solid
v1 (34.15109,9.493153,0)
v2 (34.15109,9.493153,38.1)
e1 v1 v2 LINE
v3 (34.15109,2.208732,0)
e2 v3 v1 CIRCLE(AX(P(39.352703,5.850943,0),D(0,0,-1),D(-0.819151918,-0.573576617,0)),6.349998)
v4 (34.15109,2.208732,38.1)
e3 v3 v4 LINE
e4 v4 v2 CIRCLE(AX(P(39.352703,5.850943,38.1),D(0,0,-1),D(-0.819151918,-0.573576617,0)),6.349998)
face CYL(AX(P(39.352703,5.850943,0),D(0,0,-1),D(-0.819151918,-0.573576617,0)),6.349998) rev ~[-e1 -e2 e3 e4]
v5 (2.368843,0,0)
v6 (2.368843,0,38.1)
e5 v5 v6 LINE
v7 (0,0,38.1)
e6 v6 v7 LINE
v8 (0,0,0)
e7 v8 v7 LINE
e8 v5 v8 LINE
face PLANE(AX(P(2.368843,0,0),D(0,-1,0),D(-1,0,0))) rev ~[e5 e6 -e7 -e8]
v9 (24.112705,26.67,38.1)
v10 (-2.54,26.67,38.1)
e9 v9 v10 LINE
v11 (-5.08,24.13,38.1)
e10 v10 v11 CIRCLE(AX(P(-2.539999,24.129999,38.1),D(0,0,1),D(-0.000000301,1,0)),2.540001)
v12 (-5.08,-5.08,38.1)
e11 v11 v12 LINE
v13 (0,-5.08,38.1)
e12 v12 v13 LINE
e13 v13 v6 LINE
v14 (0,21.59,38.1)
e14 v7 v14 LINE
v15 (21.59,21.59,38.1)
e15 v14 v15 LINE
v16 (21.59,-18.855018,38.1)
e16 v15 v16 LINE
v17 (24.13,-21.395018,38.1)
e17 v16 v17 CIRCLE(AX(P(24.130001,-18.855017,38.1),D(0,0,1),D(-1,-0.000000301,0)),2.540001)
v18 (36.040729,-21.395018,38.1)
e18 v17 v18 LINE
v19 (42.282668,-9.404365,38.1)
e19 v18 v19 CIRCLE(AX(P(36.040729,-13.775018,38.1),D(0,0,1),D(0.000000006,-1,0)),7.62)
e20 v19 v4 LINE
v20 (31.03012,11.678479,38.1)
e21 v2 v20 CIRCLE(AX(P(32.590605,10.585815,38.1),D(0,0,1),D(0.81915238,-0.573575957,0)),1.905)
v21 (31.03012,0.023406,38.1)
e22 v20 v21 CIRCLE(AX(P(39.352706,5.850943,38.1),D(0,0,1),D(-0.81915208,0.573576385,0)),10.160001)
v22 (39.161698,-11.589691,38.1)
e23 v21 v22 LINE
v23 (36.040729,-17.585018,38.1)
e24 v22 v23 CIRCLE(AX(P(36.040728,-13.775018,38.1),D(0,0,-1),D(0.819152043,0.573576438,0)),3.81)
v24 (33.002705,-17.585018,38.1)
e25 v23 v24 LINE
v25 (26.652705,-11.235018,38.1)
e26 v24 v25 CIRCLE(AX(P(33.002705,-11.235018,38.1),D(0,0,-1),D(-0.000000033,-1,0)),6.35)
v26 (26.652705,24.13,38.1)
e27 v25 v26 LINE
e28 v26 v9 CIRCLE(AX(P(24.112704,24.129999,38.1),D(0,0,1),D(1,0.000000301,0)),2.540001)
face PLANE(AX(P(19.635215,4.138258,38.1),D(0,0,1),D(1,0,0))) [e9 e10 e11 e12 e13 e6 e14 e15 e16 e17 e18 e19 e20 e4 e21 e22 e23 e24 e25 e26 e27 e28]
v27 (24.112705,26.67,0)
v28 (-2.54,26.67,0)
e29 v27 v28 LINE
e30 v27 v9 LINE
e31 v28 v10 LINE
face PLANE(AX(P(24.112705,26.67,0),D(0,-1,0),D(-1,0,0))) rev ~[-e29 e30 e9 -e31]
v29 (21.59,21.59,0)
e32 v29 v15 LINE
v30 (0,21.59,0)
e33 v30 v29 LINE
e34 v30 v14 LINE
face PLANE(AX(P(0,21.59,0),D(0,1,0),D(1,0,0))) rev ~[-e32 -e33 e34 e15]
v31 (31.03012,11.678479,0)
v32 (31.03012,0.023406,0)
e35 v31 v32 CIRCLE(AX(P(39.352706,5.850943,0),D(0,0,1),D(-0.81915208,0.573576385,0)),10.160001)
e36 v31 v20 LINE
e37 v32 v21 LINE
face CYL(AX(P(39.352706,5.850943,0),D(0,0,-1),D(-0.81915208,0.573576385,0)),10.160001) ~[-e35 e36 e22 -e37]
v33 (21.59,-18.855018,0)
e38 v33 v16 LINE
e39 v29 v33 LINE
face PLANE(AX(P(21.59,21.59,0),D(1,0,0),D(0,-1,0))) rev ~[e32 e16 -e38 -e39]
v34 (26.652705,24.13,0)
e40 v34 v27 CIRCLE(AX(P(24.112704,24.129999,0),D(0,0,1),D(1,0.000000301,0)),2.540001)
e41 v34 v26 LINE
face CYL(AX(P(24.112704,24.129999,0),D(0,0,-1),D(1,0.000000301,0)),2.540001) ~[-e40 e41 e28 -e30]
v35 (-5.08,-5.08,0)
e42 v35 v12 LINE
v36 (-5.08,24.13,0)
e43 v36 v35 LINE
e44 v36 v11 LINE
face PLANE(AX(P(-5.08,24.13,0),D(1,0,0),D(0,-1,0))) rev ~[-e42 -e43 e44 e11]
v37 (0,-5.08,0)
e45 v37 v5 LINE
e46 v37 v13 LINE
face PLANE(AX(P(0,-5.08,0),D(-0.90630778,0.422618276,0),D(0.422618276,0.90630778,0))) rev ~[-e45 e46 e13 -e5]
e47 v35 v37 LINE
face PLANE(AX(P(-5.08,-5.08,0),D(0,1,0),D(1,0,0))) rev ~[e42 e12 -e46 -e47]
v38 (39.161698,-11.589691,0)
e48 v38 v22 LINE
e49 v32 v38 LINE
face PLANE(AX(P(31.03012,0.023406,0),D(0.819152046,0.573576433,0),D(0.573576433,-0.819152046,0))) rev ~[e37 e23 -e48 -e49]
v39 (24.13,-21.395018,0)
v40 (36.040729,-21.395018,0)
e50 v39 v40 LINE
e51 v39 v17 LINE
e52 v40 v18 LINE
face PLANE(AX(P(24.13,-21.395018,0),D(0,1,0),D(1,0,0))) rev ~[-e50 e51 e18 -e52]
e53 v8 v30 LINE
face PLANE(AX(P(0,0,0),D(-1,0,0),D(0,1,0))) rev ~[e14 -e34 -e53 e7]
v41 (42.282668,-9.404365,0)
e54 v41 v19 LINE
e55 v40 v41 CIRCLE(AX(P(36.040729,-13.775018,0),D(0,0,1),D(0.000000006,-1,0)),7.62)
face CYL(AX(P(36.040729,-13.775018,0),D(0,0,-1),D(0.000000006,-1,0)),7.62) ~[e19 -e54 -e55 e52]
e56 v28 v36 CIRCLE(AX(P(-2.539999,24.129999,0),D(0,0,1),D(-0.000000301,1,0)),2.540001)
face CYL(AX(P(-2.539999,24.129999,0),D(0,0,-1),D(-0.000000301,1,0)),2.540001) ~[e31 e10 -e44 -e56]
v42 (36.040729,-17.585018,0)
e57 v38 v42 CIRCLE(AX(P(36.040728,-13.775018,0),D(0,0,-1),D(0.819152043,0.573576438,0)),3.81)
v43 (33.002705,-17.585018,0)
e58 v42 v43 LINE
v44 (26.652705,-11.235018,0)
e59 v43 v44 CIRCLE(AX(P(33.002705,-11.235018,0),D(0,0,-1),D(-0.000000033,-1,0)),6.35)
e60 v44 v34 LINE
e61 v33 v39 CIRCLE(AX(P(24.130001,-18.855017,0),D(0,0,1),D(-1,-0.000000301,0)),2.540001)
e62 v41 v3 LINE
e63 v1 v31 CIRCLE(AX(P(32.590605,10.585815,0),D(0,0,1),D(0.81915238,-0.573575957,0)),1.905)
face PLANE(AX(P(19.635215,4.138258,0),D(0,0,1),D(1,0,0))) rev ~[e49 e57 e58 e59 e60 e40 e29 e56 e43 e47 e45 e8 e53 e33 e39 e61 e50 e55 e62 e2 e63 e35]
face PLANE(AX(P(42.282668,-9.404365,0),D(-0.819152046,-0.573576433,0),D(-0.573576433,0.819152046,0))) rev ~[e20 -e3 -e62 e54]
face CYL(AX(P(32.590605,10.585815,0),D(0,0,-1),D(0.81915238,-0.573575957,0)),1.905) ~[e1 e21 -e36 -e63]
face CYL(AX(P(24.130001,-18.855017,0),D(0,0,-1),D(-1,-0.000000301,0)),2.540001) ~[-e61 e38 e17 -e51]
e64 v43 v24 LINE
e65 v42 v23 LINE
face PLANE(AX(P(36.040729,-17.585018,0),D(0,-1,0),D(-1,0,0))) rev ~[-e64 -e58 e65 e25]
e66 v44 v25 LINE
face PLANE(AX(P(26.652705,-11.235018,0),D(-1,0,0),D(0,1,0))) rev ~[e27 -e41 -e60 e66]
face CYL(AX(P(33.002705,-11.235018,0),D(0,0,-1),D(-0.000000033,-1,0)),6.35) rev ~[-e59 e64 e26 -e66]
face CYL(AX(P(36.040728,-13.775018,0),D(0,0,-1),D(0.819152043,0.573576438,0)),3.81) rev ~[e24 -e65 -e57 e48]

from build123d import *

# Parameters (mm, degrees)
F1_DEPTH = 38.1


with BuildPart() as f1:
    # F0 (on Top) → F1 (new body)
    with BuildSketch(Plane.XY):
        with BuildLine():
            Line((2.368843, 0), (0, 0))
            Line((0, 0), (0, 21.59))
            Line((0, 21.59), (21.59, 21.59))
            Line((21.59, 21.59), (21.59, -18.855018))
            ThreePointArc((21.59, -18.855018), (22.333949, -20.651069), (24.13, -21.395018))
            Line((24.13, -21.395018), (36.040729, -21.395018))
            ThreePointArc((36.040729, -21.395018), (42.799752, -17.293542), (42.282668, -9.404365))
            Line((42.282668, -9.404365), (34.15109, 2.208732))
            ThreePointArc((34.15109, 2.208732), (33.002705, 5.850942), (34.15109, 9.493153))
            ThreePointArc((34.15109, 9.493153), (33.683268, 12.1463), (31.03012, 11.678479))
            ThreePointArc((31.03012, 11.678479), (29.192705, 5.850942), (31.03012, 0.023406))
            Line((31.03012, 0.023406), (39.161698, -11.589691))
            ThreePointArc((39.161698, -11.589691), (39.42024, -15.53428), (36.040729, -17.585018))
            Line((36.040729, -17.585018), (33.002705, -17.585018))
            ThreePointArc((33.002705, -17.585018), (28.512577, -15.725146), (26.652705, -11.235018))
            Line((26.652705, -11.235018), (26.652705, 24.13))
            ThreePointArc((26.652705, 24.13), (25.908756, 25.926051), (24.112705, 26.67))
            Line((24.112705, 26.67), (-2.54, 26.67))
            ThreePointArc((-2.54, 26.67), (-4.336051, 25.926051), (-5.08, 24.13))
            Line((-5.08, 24.13), (-5.08, 0))
            Line((-5.08, 0), (-5.08, -5.08))
            Line((-5.08, -5.08), (0, -5.08))
            Line((0, -5.08), (2.368843, 0))
        make_face()
    extrude(amount=F1_DEPTH)


solid = f1.part
